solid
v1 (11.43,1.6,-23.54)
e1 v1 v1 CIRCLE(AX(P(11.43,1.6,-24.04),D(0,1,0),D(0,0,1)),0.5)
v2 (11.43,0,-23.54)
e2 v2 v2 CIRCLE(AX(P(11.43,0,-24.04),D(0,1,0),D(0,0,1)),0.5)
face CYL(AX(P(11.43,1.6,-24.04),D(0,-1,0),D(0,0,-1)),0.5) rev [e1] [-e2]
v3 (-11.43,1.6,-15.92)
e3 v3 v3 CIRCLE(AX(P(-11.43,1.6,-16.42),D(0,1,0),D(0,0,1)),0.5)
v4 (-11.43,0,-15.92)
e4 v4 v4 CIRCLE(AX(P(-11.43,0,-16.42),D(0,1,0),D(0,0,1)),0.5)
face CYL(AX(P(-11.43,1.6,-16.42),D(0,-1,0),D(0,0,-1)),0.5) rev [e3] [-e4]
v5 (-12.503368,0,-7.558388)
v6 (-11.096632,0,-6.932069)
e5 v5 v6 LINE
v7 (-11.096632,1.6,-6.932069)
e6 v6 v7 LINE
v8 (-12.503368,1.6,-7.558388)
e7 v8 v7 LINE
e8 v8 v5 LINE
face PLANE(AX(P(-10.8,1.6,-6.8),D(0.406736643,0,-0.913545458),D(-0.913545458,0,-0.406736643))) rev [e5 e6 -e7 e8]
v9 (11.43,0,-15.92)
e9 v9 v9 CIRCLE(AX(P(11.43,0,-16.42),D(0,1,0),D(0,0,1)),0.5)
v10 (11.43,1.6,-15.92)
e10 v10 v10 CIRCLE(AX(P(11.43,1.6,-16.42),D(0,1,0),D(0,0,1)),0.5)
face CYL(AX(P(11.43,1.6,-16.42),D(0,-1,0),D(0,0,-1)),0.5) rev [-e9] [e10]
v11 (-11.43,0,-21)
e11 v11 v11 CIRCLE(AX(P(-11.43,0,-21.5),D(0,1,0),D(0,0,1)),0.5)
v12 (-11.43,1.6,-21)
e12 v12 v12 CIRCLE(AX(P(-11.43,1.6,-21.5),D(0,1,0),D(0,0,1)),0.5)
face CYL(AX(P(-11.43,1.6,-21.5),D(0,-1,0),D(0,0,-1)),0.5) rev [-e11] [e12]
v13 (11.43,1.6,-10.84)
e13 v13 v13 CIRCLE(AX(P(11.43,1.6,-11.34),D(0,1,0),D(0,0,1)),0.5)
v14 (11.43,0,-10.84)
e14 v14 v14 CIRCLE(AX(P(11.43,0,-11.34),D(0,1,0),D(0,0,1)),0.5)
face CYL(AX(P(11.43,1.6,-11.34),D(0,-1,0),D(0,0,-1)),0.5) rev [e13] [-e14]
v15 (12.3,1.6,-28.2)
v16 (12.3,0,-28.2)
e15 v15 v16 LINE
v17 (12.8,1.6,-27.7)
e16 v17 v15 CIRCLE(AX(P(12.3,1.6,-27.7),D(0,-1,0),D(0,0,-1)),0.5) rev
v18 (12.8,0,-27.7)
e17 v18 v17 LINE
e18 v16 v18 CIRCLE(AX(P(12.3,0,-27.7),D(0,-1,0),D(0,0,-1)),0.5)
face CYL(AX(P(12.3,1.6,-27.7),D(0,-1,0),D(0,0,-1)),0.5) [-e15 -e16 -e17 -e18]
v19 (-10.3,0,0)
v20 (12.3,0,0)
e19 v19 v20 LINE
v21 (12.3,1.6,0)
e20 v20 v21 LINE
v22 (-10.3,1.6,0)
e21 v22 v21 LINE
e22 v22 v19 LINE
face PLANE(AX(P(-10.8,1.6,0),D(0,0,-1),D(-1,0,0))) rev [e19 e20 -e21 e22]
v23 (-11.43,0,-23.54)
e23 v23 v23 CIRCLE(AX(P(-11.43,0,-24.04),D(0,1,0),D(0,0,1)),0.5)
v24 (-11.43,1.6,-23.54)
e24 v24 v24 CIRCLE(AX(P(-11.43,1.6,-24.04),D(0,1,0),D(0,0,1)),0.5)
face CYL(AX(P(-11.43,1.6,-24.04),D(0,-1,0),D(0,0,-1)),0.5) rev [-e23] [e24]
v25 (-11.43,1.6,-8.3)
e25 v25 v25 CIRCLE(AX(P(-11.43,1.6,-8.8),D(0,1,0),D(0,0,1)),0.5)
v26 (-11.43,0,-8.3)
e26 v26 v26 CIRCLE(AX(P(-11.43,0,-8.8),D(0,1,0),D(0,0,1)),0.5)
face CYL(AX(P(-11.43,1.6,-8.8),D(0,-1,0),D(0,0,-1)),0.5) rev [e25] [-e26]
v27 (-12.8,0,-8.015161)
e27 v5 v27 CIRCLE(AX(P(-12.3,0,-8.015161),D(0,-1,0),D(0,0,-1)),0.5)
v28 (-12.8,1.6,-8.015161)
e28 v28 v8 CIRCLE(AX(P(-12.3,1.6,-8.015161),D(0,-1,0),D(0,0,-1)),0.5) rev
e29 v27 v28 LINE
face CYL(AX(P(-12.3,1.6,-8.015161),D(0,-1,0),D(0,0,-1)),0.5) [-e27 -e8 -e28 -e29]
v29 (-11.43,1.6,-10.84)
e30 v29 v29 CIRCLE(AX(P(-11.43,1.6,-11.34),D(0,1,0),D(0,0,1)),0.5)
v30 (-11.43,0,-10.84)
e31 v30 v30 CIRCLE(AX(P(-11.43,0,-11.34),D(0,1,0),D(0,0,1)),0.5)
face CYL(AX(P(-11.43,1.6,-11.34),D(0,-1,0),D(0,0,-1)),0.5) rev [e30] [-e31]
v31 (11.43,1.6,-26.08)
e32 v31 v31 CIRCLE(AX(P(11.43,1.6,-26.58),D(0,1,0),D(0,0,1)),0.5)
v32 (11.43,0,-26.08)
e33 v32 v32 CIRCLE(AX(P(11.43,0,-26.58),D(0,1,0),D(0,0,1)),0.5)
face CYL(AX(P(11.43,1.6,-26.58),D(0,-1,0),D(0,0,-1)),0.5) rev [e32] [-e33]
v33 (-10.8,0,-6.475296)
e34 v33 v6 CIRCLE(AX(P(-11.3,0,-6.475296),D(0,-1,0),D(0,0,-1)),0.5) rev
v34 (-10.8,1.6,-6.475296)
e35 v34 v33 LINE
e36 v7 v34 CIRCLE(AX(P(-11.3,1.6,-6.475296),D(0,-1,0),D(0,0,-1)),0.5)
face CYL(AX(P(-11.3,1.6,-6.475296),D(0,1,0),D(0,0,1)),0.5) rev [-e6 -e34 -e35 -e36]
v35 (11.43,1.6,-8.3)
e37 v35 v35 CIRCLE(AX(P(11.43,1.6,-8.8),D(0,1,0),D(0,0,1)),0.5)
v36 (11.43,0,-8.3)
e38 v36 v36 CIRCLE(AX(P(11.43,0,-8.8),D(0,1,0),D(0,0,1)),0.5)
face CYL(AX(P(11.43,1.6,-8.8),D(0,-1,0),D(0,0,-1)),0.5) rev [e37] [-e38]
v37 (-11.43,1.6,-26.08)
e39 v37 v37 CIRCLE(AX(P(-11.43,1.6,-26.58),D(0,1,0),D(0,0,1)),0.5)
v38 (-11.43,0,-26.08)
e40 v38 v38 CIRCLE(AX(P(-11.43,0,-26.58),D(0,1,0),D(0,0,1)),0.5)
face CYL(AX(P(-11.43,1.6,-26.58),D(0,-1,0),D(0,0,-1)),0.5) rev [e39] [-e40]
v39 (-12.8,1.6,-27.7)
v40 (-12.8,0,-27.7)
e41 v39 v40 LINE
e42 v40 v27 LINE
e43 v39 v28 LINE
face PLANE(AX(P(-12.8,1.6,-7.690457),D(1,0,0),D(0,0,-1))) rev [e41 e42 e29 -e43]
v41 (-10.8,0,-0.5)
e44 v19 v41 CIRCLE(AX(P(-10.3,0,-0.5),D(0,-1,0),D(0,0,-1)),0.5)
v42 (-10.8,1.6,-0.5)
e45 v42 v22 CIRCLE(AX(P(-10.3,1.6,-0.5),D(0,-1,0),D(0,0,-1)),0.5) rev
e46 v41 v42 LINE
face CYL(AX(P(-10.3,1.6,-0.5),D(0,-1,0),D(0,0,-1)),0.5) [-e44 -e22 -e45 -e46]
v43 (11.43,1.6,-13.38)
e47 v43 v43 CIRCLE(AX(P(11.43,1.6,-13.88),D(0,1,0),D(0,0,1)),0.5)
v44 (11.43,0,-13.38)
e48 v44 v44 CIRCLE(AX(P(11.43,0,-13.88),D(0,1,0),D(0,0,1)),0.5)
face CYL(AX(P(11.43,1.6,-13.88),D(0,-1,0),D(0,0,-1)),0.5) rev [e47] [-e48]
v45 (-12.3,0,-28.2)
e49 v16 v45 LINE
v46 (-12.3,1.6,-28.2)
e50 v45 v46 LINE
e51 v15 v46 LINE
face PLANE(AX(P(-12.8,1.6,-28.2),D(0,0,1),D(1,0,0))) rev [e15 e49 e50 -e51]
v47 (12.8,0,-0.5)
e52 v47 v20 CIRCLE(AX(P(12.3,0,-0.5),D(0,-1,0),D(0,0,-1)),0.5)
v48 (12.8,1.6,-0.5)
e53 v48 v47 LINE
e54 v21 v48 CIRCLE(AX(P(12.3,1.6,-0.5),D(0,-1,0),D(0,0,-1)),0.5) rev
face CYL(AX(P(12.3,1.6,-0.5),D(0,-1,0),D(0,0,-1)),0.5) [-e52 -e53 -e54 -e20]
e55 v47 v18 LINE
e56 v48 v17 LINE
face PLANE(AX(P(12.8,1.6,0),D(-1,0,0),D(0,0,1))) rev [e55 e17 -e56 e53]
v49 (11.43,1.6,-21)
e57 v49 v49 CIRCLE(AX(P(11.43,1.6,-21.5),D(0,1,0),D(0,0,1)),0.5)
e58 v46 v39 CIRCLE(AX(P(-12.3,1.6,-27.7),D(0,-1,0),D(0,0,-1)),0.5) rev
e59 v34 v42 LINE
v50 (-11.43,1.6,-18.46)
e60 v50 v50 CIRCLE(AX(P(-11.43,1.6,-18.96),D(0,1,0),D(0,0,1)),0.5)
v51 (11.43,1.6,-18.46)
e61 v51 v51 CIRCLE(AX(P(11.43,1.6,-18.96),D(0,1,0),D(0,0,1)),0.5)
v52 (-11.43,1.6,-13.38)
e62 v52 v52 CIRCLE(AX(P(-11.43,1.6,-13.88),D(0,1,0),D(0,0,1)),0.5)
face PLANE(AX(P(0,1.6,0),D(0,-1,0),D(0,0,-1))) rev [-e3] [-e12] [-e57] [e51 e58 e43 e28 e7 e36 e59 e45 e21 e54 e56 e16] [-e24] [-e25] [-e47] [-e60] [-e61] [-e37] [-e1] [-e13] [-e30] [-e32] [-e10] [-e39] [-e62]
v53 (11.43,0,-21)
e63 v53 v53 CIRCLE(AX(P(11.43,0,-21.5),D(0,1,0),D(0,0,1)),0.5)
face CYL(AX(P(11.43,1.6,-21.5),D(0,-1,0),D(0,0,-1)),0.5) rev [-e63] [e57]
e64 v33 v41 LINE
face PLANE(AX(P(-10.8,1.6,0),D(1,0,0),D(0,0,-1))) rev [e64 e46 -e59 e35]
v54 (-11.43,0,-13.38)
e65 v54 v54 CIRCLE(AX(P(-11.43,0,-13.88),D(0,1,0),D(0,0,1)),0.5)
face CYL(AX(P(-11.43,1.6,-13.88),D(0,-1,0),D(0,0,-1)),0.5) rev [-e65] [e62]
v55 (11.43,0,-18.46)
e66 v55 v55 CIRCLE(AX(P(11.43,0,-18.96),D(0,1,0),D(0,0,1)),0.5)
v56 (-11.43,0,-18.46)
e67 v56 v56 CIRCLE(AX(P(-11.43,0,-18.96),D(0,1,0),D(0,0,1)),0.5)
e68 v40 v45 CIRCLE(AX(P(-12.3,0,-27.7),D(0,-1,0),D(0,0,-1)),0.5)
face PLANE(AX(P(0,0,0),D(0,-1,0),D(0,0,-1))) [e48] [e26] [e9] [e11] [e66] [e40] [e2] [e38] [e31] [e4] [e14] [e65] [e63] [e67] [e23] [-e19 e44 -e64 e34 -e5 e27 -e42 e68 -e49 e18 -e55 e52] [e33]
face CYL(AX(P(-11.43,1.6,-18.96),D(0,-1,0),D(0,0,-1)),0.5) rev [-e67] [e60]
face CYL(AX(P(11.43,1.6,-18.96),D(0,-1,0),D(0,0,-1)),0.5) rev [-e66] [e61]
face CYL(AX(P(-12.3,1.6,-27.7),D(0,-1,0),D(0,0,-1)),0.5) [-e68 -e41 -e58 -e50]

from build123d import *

# Parameters (mm, degrees)
SKETCH2_R           = 0.5
BOSS_EXTRUDE1_DEPTH = 1.6
FILLET1_R           = 0.5


with BuildPart() as part:
    # Sketch2 → Boss-Extrude1 (new body)
    with BuildSketch(Plane(origin=(0, 0, 0), x_dir=(1, 0, 0), z_dir=(0, 1, 0))):
        Polygon((-12.8, 7.690457371), (-12.8, 28.2), (12.8, 28.2), (12.8, 0), (-10.8, 0), (-10.8, 6.8), align=None)
        with Locations((-11.43, 26.58)):
            Circle(SKETCH2_R, mode=Mode.SUBTRACT)
        with Locations((11.43, 26.58)):
            Circle(SKETCH2_R, mode=Mode.SUBTRACT)
        with Locations((-11.43, 24.04)):
            Circle(SKETCH2_R, mode=Mode.SUBTRACT)
        with Locations((11.43, 24.04)):
            Circle(SKETCH2_R, mode=Mode.SUBTRACT)
        with Locations((-11.43, 21.5)):
            Circle(SKETCH2_R, mode=Mode.SUBTRACT)
        with Locations((11.43, 21.5)):
            Circle(SKETCH2_R, mode=Mode.SUBTRACT)
        with Locations((-11.43, 18.96)):
            Circle(SKETCH2_R, mode=Mode.SUBTRACT)
        with Locations((11.43, 18.96)):
            Circle(SKETCH2_R, mode=Mode.SUBTRACT)
        with Locations((-11.43, 16.42)):
            Circle(SKETCH2_R, mode=Mode.SUBTRACT)
        with Locations((11.43, 16.42)):
            Circle(SKETCH2_R, mode=Mode.SUBTRACT)
        with Locations((-11.43, 13.88)):
            Circle(SKETCH2_R, mode=Mode.SUBTRACT)
        with Locations((11.43, 13.88)):
            Circle(SKETCH2_R, mode=Mode.SUBTRACT)
        with Locations((-11.43, 11.34)):
            Circle(SKETCH2_R, mode=Mode.SUBTRACT)
        with Locations((11.43, 11.34)):
            Circle(SKETCH2_R, mode=Mode.SUBTRACT)
        with Locations((-11.43, 8.8)):
            Circle(SKETCH2_R, mode=Mode.SUBTRACT)
        with Locations((11.43, 8.8)):
            Circle(SKETCH2_R, mode=Mode.SUBTRACT)
    extrude(amount=BOSS_EXTRUDE1_DEPTH)

    # Fillet1
    fillet1_edges = [part.edges().sort_by_distance(p)[0] for p in [
        (12.8, 0.8, 0),
        (-10.8, 0.8, 0),
        (-10.8, 0.8, -6.8),
        (-12.8, 0.8, -7.690457371),
        (-12.8, 0.8, -28.2),
        (12.8, 0.8, -28.2),
    ]]
    fillet(fillet1_edges, radius=FILLET1_R)


solid = part.part
